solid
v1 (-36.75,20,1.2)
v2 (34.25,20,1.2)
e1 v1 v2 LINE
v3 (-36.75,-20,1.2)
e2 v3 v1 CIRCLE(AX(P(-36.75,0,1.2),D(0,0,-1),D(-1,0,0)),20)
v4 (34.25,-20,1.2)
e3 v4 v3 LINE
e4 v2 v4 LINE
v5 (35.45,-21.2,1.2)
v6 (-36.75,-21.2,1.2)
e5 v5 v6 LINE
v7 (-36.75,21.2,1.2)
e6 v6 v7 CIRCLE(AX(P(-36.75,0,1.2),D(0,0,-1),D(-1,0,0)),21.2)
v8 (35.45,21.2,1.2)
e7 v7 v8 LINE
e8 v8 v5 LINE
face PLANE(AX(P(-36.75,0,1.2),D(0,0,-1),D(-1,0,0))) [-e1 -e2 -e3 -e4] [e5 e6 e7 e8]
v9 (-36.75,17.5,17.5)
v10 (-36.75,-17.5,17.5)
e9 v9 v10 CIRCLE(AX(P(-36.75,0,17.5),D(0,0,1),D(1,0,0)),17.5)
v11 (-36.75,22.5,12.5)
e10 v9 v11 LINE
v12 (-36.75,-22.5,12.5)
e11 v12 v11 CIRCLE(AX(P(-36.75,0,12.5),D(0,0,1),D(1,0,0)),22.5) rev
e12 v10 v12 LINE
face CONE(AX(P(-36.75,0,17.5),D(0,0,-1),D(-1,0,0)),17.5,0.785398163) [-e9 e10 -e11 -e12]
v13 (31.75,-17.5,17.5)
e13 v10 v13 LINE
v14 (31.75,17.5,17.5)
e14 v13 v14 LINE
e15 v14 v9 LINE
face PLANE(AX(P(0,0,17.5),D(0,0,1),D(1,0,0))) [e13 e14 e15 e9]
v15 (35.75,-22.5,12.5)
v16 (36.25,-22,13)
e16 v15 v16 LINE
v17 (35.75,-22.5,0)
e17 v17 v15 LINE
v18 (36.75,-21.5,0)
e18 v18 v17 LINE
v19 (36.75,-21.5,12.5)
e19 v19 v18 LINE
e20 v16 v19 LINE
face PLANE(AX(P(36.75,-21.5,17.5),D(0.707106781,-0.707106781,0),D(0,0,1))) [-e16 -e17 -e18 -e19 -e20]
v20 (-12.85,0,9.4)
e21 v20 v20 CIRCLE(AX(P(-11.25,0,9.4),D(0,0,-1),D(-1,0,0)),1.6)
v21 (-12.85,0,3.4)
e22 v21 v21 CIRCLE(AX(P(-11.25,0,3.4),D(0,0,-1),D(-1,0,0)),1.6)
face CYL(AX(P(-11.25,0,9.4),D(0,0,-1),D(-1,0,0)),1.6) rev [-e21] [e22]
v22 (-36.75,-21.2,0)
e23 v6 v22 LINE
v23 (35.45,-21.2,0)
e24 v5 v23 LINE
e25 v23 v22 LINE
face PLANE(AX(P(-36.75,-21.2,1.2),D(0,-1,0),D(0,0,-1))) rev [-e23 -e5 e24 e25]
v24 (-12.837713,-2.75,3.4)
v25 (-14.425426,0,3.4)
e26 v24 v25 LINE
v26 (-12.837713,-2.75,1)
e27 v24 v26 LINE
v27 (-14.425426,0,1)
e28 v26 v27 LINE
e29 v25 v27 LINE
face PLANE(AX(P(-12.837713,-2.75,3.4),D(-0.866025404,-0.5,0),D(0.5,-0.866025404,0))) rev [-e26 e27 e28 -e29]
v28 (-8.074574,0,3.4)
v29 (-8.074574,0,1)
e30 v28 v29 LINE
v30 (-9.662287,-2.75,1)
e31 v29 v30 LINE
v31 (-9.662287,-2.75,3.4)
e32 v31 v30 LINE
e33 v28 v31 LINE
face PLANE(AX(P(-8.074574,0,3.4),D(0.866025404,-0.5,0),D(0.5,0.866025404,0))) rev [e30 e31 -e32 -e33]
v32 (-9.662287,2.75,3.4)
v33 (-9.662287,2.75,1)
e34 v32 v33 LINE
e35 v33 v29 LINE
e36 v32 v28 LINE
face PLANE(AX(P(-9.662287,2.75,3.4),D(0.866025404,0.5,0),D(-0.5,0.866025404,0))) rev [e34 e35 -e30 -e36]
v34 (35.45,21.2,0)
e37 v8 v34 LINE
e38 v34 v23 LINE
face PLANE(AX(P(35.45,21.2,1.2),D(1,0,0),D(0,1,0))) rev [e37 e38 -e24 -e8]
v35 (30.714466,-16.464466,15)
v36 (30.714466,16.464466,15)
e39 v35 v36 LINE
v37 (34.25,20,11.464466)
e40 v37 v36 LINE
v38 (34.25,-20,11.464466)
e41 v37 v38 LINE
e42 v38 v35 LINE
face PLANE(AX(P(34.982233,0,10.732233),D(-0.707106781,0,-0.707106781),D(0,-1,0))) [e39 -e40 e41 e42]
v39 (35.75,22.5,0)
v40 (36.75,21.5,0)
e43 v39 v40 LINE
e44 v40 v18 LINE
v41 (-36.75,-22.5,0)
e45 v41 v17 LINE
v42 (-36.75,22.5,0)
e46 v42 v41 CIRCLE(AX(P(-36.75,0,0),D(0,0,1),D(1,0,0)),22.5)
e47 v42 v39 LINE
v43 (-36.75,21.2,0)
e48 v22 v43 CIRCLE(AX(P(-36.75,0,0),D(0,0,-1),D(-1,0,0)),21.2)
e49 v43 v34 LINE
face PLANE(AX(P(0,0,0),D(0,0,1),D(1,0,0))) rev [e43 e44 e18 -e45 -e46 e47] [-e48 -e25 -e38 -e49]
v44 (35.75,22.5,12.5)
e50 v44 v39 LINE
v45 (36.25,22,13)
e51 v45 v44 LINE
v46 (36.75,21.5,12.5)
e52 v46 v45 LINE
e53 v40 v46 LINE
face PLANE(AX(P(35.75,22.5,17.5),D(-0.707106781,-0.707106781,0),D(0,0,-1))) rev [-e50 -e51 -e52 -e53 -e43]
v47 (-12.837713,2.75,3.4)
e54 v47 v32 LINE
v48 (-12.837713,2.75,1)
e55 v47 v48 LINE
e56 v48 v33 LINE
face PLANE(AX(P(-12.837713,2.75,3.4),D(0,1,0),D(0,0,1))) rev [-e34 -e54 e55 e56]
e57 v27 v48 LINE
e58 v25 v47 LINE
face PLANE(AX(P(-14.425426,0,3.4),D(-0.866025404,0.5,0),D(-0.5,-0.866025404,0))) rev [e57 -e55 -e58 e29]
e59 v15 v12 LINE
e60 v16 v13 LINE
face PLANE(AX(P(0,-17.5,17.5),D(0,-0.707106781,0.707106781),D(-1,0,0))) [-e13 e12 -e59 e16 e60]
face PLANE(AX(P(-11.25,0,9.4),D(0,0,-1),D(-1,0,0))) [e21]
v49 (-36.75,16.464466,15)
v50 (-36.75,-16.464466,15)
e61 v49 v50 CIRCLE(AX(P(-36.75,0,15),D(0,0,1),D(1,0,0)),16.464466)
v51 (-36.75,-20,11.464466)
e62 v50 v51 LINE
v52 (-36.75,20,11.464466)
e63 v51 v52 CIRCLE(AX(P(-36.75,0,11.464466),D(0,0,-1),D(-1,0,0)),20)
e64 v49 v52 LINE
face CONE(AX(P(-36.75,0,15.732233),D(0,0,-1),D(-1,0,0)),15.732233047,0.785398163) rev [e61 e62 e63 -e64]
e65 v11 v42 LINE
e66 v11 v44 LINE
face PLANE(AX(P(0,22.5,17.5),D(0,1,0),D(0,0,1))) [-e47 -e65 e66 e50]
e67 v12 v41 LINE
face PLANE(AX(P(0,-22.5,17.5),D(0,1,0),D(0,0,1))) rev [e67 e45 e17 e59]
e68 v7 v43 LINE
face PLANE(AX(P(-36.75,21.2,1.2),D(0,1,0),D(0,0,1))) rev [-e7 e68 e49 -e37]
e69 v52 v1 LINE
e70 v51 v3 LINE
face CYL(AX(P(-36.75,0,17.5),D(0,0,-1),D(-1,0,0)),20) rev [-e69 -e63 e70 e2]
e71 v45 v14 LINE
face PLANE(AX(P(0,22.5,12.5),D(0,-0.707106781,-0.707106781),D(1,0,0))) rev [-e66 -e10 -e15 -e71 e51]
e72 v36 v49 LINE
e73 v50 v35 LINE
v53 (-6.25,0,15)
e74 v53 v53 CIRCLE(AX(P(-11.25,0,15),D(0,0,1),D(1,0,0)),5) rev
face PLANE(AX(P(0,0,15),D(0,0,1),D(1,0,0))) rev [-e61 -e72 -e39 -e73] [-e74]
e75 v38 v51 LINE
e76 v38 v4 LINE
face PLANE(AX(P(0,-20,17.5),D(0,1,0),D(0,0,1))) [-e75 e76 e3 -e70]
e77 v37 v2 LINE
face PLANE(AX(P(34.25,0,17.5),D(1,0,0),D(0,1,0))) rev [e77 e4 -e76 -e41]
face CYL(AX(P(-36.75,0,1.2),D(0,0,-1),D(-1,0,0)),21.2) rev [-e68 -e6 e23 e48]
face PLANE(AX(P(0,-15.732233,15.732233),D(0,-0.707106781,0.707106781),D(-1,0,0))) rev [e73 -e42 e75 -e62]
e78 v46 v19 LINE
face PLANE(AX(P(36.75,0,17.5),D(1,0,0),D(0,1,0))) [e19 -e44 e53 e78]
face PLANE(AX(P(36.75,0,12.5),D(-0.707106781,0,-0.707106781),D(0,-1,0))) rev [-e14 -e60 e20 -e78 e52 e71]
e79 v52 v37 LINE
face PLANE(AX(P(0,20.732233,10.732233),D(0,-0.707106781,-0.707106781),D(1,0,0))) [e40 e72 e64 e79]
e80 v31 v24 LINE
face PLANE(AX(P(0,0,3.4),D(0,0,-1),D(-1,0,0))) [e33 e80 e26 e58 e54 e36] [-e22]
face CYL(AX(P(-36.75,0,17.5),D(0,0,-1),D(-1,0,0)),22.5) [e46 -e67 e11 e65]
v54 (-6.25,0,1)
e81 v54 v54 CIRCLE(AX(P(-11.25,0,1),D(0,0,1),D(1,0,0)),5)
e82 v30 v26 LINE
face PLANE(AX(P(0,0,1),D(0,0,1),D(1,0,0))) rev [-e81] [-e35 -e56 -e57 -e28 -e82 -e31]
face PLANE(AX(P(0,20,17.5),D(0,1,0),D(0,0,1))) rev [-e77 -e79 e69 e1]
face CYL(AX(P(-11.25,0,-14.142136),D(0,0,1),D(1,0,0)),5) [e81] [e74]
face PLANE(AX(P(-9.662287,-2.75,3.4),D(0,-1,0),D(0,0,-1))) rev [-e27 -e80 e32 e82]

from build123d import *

# Parameters (mm, degrees)
EXTRUDE_1_DEPTH     = 17.5
CHAMFER_1_SIZE      = 5
SHELL_1_T           = -2.5
CUT_EXTRUDE_1_DEPTH = 1.2
SKETCH_3_R          = 5
EXTRUDE_2_DEPTH     = 14
CUT_EXTRUDE_2_DEPTH = 2.4
SKETCH_5_R          = 1.6
CUT_EXTRUDE_3_DEPTH = 6
CHAMFER_2_SIZE      = 1


with BuildPart() as part:
    # 草图1 → 凸台-拉伸1 (new body)
    with BuildSketch(Plane.XY):
        with BuildLine():
            ThreePointArc((-14.25, 0), (-20.840097423, 15.909902577), (-36.75, 22.5))
            Line((-36.75, 22.5), (-36.75, -22.5))
            ThreePointArc((-36.75, -22.5), (-20.840097423, -15.909902577), (-14.25, 0))
        make_face()
        with BuildLine():
            Line((-36.75, -22.5), (-36.75, 22.5))
            ThreePointArc((-36.75, 22.5), (-59.25, 0), (-36.75, -22.5))
        make_face()
        with BuildLine():
            Line((36.75, 22.5), (-36.75, 22.5))
            ThreePointArc((-36.75, 22.5), (-20.840097423, 15.909902577), (-14.25, 0))
            ThreePointArc((-14.25, 0), (-20.840097423, -15.909902577), (-36.75, -22.5))
            Line((-36.75, -22.5), (36.75, -22.5))
            Line((36.75, -22.5), (36.75, 22.5))
        make_face()
    extrude(amount=EXTRUDE_1_DEPTH)

    # 倒角1
    chamfer_1_edges = [part.edges().sort_by_distance(p)[0] for p in [
        (0, -22.5, 17.5),
        (36.75, 0, 17.5),
        (0, 22.5, 17.5),
        (-59.25, 0, 17.5),
    ]]
    chamfer(chamfer_1_edges, length=CHAMFER_1_SIZE)

    # 抽壳1
    shell_1_openings = [part.faces().sort_by_distance(p)[0] for p in [
        (-8.974037689, 0, 0),
    ]]
    offset(amount=SHELL_1_T, openings=shell_1_openings, kind=Kind.INTERSECTION)

    # 草图2 → 切除-拉伸1 (cut)
    with BuildSketch(Plane(origin=(0, 0, 0), x_dir=(-1, 0, 0), z_dir=(0, 0, -1))):
        with BuildLine():
            Line((36.75, 21.2), (-35.45, 21.2))
            Line((-35.45, 21.2), (-35.45, -21.2))
            Line((-35.45, -21.2), (36.75, -21.2))
            ThreePointArc((36.75, -21.2), (57.95, 0), (36.75, 21.2))
        make_face()
        with BuildLine():
            Line((36.75, -20), (-34.25, -20))
            Line((-34.25, -20), (-34.25, 20))
            Line((-34.25, 20), (36.75, 20))
            ThreePointArc((36.75, 20), (56.75, 0), (36.75, -20))
        make_face(mode=Mode.SUBTRACT)
    extrude(amount=-CUT_EXTRUDE_1_DEPTH, mode=Mode.SUBTRACT)

    # 草图3 → 凸台-拉伸2 (add)
    with BuildSketch(Plane(origin=(0, 0, 15), x_dir=(-1, 0, 0), z_dir=(0, 0, -1))):
        with Locations(Location((11.25, 0, 0), (0, 0, 180))):
            Circle(SKETCH_3_R)
    extrude(amount=EXTRUDE_2_DEPTH)

    # 草图4 → 切除-拉伸2 (cut)
    with BuildSketch(Plane(origin=(0, 0, 1), x_dir=(-1, 0, 0), z_dir=(0, 0, -1))):
        Polygon((9.66228676, -2.75), (12.83771324, -2.75), (14.425426481, 0), (12.83771324, 2.75), (9.66228676, 2.75), (8.074573519, 0), align=None)
    extrude(amount=-CUT_EXTRUDE_2_DEPTH, mode=Mode.SUBTRACT)

    # 草图5 → 切除-拉伸3 (cut)
    with BuildSketch(Plane(origin=(0, 0, 3.4), x_dir=(-1, 0, 0), z_dir=(0, 0, -1))):
        with Locations((11.25, 0)):
            Circle(SKETCH_5_R)
    extrude(amount=-CUT_EXTRUDE_3_DEPTH, mode=Mode.SUBTRACT)

    # 倒角2
    chamfer_2_edges = [part.edges().sort_by_distance(p)[0] for p in [
        (36.75, -22.5, 6.25),
        (36.75, 22.5, 6.25),
    ]]
    chamfer(chamfer_2_edges, length=CHAMFER_2_SIZE)


solid = part.part
